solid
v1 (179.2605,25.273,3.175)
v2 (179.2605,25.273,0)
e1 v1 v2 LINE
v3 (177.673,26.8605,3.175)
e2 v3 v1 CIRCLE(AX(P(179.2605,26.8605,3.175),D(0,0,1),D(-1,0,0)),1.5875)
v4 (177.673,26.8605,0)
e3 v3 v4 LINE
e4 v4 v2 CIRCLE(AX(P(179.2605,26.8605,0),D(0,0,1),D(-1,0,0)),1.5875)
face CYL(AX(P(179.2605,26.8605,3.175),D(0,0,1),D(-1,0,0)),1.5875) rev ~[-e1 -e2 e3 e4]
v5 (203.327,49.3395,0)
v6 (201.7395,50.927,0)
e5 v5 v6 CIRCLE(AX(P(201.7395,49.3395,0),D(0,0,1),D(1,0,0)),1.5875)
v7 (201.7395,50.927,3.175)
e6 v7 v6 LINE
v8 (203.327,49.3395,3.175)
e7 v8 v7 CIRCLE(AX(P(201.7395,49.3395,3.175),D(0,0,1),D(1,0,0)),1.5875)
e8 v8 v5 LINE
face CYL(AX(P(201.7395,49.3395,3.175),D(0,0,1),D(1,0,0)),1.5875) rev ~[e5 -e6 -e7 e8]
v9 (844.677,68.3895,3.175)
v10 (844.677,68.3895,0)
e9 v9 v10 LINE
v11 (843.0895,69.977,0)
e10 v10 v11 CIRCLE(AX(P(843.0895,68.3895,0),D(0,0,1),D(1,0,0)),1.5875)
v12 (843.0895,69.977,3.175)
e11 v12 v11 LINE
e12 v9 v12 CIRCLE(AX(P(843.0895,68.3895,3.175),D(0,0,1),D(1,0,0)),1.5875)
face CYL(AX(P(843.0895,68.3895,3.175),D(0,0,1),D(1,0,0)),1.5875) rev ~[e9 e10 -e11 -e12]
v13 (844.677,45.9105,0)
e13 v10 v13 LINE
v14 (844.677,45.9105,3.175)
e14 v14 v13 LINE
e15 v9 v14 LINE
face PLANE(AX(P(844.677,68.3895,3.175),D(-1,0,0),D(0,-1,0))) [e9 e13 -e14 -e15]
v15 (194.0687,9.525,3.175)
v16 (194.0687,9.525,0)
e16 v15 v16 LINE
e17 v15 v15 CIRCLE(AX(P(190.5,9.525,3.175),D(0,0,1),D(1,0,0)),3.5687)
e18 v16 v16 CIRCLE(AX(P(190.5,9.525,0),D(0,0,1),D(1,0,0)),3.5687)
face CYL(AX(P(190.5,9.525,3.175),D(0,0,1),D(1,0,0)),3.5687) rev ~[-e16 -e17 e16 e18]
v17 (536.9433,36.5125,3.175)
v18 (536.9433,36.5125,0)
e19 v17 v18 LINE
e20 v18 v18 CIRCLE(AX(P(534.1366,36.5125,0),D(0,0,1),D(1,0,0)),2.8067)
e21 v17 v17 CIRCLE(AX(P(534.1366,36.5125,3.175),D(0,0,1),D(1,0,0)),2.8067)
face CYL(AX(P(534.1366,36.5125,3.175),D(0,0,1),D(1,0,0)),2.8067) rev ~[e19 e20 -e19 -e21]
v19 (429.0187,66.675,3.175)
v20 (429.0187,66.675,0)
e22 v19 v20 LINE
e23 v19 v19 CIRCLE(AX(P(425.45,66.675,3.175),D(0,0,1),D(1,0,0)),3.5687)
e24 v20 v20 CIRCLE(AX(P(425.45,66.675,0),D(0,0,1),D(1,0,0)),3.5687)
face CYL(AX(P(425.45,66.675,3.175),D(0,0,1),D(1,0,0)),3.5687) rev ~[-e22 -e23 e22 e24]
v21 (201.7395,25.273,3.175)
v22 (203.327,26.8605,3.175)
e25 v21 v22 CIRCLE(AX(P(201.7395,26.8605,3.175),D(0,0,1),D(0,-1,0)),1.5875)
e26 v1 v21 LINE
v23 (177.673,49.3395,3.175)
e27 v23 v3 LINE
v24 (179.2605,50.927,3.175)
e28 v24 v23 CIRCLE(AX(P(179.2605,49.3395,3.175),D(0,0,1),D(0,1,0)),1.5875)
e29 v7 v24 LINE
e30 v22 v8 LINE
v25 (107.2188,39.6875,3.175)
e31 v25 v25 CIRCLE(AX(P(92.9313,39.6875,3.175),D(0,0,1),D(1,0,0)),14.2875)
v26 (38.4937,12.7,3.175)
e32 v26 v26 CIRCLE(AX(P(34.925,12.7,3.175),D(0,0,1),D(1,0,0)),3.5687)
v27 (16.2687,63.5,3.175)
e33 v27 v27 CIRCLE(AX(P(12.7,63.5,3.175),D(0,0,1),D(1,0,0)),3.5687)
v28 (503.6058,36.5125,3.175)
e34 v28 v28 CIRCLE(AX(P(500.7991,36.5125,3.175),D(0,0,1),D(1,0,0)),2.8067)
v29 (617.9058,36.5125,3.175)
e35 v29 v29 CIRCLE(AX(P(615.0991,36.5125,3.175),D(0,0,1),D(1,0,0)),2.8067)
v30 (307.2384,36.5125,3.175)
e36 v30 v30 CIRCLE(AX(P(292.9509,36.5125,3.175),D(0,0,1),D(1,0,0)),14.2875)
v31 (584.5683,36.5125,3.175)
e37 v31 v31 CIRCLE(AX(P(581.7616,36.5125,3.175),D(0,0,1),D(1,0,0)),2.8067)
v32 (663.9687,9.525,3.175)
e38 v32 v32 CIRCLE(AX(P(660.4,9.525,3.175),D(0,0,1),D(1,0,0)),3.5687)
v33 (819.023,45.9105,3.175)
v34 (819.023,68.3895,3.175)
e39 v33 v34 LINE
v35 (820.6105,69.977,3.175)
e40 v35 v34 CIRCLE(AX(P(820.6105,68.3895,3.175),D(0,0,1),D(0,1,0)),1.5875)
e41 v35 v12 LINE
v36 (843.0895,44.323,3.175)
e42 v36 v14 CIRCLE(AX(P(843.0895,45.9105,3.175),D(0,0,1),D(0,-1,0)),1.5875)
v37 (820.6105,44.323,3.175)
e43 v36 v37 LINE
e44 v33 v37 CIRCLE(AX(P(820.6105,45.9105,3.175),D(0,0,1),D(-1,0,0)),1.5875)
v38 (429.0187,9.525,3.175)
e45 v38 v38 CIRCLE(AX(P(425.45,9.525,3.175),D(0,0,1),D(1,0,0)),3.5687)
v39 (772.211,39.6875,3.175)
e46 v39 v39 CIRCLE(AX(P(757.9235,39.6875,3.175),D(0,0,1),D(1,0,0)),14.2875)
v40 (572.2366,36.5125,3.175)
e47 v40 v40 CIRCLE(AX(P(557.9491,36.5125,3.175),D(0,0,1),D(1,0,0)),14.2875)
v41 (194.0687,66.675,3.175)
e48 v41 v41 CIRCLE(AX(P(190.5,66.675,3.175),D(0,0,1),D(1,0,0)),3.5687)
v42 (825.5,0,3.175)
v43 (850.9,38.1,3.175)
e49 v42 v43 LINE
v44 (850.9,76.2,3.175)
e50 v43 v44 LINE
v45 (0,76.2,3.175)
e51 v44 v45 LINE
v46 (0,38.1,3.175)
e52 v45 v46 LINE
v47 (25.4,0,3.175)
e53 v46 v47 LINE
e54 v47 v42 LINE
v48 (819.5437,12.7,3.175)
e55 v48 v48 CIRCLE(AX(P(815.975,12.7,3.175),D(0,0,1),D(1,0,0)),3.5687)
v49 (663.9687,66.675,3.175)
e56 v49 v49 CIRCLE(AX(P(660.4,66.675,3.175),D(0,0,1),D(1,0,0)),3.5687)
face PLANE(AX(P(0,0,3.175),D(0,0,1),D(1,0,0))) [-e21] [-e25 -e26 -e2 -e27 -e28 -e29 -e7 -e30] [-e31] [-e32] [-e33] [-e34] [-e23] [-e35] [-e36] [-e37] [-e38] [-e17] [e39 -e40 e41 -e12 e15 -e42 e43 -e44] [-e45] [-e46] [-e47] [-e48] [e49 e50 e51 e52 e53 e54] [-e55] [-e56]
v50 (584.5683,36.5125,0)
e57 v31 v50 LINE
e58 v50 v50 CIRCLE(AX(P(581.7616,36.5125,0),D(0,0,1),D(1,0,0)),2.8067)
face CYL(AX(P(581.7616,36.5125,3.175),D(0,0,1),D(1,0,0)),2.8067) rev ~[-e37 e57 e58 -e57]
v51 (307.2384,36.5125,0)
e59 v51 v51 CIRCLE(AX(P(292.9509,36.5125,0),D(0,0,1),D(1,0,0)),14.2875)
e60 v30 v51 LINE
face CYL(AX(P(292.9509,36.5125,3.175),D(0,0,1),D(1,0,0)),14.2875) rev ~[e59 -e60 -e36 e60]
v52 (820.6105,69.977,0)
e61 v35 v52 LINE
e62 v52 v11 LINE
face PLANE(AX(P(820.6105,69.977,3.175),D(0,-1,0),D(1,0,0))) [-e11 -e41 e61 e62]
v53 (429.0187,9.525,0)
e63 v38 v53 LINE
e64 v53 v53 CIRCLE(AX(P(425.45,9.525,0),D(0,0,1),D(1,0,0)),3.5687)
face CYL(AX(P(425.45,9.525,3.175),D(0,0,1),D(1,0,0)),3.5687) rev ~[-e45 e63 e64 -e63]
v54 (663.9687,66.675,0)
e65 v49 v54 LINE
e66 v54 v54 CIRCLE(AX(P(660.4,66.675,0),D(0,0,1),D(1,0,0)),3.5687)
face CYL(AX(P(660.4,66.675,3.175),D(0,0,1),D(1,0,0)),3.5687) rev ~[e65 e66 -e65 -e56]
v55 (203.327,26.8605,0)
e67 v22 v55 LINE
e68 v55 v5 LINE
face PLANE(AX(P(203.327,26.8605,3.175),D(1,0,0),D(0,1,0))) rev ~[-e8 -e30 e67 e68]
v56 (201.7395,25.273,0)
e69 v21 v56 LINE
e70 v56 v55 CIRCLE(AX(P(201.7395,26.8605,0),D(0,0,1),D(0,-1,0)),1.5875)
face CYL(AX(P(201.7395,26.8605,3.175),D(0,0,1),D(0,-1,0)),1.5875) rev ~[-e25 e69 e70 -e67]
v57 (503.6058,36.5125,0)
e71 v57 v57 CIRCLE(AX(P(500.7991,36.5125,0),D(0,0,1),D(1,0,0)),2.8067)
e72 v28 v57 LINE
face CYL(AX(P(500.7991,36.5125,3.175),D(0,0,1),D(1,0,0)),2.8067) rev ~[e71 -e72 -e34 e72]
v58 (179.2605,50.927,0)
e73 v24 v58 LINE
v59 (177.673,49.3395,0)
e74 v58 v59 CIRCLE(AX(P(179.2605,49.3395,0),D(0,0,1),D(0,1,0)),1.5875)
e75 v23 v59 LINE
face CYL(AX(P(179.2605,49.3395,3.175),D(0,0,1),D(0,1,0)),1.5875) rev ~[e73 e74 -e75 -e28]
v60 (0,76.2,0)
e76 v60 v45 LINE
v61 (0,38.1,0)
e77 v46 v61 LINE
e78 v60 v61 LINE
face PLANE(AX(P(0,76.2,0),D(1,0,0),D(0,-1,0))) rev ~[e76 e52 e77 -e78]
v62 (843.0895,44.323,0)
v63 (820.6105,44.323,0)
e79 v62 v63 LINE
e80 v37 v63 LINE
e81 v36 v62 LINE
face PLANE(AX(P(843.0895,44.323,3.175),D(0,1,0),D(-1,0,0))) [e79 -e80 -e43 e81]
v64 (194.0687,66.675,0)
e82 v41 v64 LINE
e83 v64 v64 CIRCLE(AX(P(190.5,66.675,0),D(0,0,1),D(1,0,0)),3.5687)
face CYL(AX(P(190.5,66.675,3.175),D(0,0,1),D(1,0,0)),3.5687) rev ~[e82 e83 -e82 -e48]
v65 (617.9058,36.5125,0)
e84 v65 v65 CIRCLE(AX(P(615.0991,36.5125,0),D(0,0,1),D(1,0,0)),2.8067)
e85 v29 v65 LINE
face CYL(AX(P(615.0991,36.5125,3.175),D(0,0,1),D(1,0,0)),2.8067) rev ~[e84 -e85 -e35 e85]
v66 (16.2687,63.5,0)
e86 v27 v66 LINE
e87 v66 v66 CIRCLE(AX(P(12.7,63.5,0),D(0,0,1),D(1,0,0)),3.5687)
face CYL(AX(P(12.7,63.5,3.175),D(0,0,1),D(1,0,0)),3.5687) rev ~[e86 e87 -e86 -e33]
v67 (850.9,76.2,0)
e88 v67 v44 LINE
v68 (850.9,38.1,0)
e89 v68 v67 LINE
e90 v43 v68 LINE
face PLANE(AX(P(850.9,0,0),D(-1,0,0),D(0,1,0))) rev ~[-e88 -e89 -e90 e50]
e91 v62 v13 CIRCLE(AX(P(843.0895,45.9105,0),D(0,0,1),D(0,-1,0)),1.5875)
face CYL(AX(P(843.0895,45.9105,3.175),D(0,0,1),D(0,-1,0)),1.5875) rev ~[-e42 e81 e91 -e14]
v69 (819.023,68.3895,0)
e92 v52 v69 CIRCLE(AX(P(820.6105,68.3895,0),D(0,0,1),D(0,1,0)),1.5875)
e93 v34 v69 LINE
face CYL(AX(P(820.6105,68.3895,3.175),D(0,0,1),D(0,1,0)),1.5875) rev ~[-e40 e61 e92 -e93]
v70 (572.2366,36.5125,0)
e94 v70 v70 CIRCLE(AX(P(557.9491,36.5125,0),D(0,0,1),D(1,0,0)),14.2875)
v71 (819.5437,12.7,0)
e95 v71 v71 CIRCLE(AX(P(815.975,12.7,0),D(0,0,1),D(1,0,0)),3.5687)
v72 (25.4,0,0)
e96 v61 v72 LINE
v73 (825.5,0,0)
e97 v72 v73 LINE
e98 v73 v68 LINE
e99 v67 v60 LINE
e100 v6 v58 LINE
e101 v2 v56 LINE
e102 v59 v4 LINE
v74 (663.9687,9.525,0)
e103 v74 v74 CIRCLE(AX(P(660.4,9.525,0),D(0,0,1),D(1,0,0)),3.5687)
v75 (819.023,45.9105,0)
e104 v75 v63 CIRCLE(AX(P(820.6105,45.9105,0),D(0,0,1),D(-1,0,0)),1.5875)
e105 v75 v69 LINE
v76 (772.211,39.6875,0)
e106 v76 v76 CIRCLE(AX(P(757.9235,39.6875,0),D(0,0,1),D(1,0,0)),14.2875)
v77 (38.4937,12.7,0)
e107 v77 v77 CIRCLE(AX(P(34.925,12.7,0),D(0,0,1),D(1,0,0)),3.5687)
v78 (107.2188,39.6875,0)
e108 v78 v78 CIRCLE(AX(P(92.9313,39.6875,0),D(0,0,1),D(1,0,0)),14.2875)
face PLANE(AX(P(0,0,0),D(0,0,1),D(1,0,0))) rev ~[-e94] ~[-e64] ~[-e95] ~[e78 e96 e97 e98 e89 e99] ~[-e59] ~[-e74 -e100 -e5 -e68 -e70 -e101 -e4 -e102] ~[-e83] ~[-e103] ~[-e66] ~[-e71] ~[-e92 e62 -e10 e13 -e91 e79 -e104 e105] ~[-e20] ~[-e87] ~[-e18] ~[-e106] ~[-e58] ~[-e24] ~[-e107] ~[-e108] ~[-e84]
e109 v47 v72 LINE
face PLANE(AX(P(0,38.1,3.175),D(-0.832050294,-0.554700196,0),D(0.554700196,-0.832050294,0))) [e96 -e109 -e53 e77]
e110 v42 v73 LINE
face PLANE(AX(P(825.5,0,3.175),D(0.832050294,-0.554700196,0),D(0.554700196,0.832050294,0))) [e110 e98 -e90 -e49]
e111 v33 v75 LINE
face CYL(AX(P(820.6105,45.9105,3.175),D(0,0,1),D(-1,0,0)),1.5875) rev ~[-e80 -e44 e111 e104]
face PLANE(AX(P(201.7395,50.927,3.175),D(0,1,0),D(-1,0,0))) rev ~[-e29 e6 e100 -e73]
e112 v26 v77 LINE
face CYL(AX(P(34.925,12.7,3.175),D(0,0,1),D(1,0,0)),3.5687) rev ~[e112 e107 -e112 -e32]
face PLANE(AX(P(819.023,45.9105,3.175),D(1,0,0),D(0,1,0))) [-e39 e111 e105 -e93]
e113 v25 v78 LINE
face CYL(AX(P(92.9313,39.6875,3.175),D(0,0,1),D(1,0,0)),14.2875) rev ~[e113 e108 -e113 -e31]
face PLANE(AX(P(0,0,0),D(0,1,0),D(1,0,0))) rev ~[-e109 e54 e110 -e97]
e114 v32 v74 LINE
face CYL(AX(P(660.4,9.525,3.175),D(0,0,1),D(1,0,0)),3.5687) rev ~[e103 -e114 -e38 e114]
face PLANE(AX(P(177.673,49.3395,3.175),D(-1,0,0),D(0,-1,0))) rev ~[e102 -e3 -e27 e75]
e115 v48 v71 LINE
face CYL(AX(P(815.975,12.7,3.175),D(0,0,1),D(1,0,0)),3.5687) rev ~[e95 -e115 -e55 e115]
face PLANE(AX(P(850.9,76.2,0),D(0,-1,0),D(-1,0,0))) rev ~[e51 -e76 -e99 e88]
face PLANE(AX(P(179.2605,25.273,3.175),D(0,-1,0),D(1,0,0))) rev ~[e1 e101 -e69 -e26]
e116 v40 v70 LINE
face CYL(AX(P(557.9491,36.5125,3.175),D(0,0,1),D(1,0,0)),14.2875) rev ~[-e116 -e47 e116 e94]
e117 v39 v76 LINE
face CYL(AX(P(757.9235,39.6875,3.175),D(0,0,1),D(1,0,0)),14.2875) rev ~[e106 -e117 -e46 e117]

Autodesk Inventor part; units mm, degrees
ref_plane "YZ Plane" through (0, 0, 0) normal (1, 0, 0) x (0, 1, 0)
ref_plane "XZ Plane" through (0, 0, 0) normal (0, 1, 0) x (-1, 0, 0)
ref_plane "XY Plane" through (0, 0, 0) normal (0, 0, 1) x (1, 0, 0)
sketch "Sketch1" plane through (0, 0, 0) normal (0, 0, 1) x (1, 0, 0)
  line L0 (0, 0) -> (850.9, 0)
  line L1 (850.9, 0) -> (850.9, 76.2)
  line L2 (850.9, 76.2) -> (0, 76.2)
  line L3 (0, 76.2) -> (0, 0)
  dimension "d0" = 850.9
  dimension "d1" = 76.2
extrude "Extrusion1" add sketch "Sketch1" along normal blind 3.175
sketch "Sketch2" plane through (0, 0, 3.175) normal (0, 0, 1) x (1, 0, 0)
  line L0 (0, 0) -> (850.9, 0) projected
  circle A0 centre (292.9509, 36.5125) radius 14.2875
  circle A1 centre (557.9491, 36.5125) radius 14.2875
  circle A2 centre (92.9313, 39.6875) radius 14.2875
  circle A3 centre (757.9235, 39.6875) radius 14.2875
  line L1 (0, 0) -> (25.4, 0)
  line L2 (0, 0) -> (0, 38.1)
  line L3 (0, 76.2) -> (0, 0) projected
  line L4 (0, 38.1) -> (25.4, 0)
  circle A4 centre (34.925, 12.7) radius 3.5687
  circle A5 centre (12.7, 63.5) radius 3.5687
  line L5 (850.9, 76.2) -> (0, 76.2) projected
  line L6 (850.9, 0) -> (850.9, 38.1)
  line L7 (850.9, 0) -> (850.9, 76.2) projected
  line L8 (850.9, 0) -> (825.5, 0)
  line L9 (825.5, 0) -> (850.9, 38.1)
  circle A6 centre (190.5, 38.1) radius 3.5687
  line L10 (825.5, 0) -> (800.1, 0)
  circle A7 centre (815.975, 12.7) radius 3.5687
  circle A8 centre (831.85, 57.15) radius 3.5687
  circle A9 centre (425.45, 66.675) radius 3.5687
  circle A10 centre (425.45, 9.525) radius 3.5687
  circle A11 centre (190.5, 9.525) radius 3.5687
  circle A12 centre (190.5, 66.675) radius 3.5687
  circle A13 centre (660.4, 66.675) radius 3.5687
  circle A14 centre (660.4, 9.525) radius 3.5687
  dimension "d10" = 28.575
  dimension "d23" = 28.575
  dimension "d30" = 28.575
  dimension "d32" = 28.575
  dimension "d34" = 25.4
  dimension "d35" = 38.1
  dimension "d36" = 7.1374
  dimension "d37" = 12.7
  dimension "d38" = 9.525
  dimension "d40" = 7.1374
  dimension "d41" = 12.7
  dimension "d43" = 38.1
  dimension "d44" = 25.4
  dimension "d53" = 7.1374
  dimension "d54" = 38.1
  dimension "d55" = 190.5
  dimension "d59" = 7.1374
  dimension "d60" = 12.7
  dimension "d61" = 9.525
  dimension "d66" = 7.1374
  dimension "d67" = 7.1374
  dimension "d68" = 9.525
  dimension "d69" = 425.45
  dimension "d70" = 7.1374
  dimension "d71" = 9.525
  dimension "d72" = 425.45
  dimension "d73" = 7.1374
  dimension "d74" = 7.1374
  dimension "d75" = 9.525
  dimension "d76" = 9.525
  dimension "d77" = 190.5
  dimension "d78" = 190.5
  dimension "d79" = 7.1374
  dimension "d80" = 7.1374
  dimension "d81" = 9.525
  dimension "d82" = 9.525
  dimension "d83" = 190.5
  dimension "d84" = 190.5
  dimension "d103" = 12.7
sketch "Sketch3" plane through (0, 0, 3.175) normal (0, 0, 1) x (1, 0, 0)
  circle A0 centre (190.5, 38.1) radius 3.5687 projected
  circle A1 centre (831.85, 57.15) radius 3.5687 projected
  line L0 (179.2605, 25.273) -> (201.7395, 25.273)
  line L1 (203.327, 26.8605) -> (203.327, 49.3395)
  line L2 (201.7395, 50.927) -> (179.2605, 50.927)
  line L3 (177.673, 49.3395) -> (177.673, 26.8605)
  line L4 (177.673, 25.273) -> (203.327, 50.927) construction
  line L5 (203.327, 25.273) -> (177.673, 50.927) construction
  line L6 (843.0895, 44.323) -> (820.6105, 44.323)
  line L7 (819.023, 45.9105) -> (819.023, 68.3895)
  line L8 (820.6105, 69.977) -> (843.0895, 69.977)
  line L9 (844.677, 68.3895) -> (844.677, 45.9105)
  line L10 (844.677, 44.323) -> (819.023, 69.977) construction
  line L11 (819.023, 44.323) -> (844.677, 69.977) construction
  circle A2 centre (581.7616, 36.5125) radius 2.8067
  circle A3 centre (534.1366, 36.5125) radius 2.8067
  circle A4 centre (500.7991, 36.5125) radius 2.8067
  circle A5 centre (615.0991, 36.5125) radius 2.8067
  arc A6 (179.2605, 50.927) -> (177.673, 49.3395) centre (179.2605, 49.3395) ccw
  arc A7 (203.327, 49.3395) -> (201.7395, 50.927) centre (201.7395, 49.3395) ccw
  arc A8 (201.7395, 25.273) -> (203.327, 26.8605) centre (201.7395, 26.8605) ccw
  arc A9 (177.673, 26.8605) -> (179.2605, 25.273) centre (179.2605, 26.8605) ccw
  arc A10 (820.6105, 69.977) -> (819.023, 68.3895) centre (820.6105, 68.3895) ccw
  arc A11 (844.677, 68.3895) -> (843.0895, 69.977) centre (843.0895, 68.3895) ccw
  arc A12 (843.0895, 44.323) -> (844.677, 45.9105) centre (843.0895, 45.9105) ccw
  arc A13 (819.023, 45.9105) -> (820.6105, 44.323) centre (820.6105, 45.9105) ccw
  point P0 (0, 0)
  dimension "d88" = 25.654
  dimension "d89" = 25.654
  dimension "d90" = 25.654
  dimension "d91" = 25.654
  dimension "d93" = 5.6134
  dimension "d94" = 5.6134
  dimension "d96" = 5.6134
  dimension "d97" = 5.6134
  dimension "d98" = 1.5875
extrude "Extrusion4" cut sketch "Sketch3" against normal blind 25.4
extrude "Extrusion5" cut sketch "Sketch2" against normal blind 25.4 contours L2 L4 L0 | L9 L6 L0 | A0 | A1 | A2 | A3 | A4 | A5 | A6 | A7 | A8 | A9 | A10 | A11 | A12 | A13 | A14
properties part number "InsidePlate" material "Aluminum 6061"
